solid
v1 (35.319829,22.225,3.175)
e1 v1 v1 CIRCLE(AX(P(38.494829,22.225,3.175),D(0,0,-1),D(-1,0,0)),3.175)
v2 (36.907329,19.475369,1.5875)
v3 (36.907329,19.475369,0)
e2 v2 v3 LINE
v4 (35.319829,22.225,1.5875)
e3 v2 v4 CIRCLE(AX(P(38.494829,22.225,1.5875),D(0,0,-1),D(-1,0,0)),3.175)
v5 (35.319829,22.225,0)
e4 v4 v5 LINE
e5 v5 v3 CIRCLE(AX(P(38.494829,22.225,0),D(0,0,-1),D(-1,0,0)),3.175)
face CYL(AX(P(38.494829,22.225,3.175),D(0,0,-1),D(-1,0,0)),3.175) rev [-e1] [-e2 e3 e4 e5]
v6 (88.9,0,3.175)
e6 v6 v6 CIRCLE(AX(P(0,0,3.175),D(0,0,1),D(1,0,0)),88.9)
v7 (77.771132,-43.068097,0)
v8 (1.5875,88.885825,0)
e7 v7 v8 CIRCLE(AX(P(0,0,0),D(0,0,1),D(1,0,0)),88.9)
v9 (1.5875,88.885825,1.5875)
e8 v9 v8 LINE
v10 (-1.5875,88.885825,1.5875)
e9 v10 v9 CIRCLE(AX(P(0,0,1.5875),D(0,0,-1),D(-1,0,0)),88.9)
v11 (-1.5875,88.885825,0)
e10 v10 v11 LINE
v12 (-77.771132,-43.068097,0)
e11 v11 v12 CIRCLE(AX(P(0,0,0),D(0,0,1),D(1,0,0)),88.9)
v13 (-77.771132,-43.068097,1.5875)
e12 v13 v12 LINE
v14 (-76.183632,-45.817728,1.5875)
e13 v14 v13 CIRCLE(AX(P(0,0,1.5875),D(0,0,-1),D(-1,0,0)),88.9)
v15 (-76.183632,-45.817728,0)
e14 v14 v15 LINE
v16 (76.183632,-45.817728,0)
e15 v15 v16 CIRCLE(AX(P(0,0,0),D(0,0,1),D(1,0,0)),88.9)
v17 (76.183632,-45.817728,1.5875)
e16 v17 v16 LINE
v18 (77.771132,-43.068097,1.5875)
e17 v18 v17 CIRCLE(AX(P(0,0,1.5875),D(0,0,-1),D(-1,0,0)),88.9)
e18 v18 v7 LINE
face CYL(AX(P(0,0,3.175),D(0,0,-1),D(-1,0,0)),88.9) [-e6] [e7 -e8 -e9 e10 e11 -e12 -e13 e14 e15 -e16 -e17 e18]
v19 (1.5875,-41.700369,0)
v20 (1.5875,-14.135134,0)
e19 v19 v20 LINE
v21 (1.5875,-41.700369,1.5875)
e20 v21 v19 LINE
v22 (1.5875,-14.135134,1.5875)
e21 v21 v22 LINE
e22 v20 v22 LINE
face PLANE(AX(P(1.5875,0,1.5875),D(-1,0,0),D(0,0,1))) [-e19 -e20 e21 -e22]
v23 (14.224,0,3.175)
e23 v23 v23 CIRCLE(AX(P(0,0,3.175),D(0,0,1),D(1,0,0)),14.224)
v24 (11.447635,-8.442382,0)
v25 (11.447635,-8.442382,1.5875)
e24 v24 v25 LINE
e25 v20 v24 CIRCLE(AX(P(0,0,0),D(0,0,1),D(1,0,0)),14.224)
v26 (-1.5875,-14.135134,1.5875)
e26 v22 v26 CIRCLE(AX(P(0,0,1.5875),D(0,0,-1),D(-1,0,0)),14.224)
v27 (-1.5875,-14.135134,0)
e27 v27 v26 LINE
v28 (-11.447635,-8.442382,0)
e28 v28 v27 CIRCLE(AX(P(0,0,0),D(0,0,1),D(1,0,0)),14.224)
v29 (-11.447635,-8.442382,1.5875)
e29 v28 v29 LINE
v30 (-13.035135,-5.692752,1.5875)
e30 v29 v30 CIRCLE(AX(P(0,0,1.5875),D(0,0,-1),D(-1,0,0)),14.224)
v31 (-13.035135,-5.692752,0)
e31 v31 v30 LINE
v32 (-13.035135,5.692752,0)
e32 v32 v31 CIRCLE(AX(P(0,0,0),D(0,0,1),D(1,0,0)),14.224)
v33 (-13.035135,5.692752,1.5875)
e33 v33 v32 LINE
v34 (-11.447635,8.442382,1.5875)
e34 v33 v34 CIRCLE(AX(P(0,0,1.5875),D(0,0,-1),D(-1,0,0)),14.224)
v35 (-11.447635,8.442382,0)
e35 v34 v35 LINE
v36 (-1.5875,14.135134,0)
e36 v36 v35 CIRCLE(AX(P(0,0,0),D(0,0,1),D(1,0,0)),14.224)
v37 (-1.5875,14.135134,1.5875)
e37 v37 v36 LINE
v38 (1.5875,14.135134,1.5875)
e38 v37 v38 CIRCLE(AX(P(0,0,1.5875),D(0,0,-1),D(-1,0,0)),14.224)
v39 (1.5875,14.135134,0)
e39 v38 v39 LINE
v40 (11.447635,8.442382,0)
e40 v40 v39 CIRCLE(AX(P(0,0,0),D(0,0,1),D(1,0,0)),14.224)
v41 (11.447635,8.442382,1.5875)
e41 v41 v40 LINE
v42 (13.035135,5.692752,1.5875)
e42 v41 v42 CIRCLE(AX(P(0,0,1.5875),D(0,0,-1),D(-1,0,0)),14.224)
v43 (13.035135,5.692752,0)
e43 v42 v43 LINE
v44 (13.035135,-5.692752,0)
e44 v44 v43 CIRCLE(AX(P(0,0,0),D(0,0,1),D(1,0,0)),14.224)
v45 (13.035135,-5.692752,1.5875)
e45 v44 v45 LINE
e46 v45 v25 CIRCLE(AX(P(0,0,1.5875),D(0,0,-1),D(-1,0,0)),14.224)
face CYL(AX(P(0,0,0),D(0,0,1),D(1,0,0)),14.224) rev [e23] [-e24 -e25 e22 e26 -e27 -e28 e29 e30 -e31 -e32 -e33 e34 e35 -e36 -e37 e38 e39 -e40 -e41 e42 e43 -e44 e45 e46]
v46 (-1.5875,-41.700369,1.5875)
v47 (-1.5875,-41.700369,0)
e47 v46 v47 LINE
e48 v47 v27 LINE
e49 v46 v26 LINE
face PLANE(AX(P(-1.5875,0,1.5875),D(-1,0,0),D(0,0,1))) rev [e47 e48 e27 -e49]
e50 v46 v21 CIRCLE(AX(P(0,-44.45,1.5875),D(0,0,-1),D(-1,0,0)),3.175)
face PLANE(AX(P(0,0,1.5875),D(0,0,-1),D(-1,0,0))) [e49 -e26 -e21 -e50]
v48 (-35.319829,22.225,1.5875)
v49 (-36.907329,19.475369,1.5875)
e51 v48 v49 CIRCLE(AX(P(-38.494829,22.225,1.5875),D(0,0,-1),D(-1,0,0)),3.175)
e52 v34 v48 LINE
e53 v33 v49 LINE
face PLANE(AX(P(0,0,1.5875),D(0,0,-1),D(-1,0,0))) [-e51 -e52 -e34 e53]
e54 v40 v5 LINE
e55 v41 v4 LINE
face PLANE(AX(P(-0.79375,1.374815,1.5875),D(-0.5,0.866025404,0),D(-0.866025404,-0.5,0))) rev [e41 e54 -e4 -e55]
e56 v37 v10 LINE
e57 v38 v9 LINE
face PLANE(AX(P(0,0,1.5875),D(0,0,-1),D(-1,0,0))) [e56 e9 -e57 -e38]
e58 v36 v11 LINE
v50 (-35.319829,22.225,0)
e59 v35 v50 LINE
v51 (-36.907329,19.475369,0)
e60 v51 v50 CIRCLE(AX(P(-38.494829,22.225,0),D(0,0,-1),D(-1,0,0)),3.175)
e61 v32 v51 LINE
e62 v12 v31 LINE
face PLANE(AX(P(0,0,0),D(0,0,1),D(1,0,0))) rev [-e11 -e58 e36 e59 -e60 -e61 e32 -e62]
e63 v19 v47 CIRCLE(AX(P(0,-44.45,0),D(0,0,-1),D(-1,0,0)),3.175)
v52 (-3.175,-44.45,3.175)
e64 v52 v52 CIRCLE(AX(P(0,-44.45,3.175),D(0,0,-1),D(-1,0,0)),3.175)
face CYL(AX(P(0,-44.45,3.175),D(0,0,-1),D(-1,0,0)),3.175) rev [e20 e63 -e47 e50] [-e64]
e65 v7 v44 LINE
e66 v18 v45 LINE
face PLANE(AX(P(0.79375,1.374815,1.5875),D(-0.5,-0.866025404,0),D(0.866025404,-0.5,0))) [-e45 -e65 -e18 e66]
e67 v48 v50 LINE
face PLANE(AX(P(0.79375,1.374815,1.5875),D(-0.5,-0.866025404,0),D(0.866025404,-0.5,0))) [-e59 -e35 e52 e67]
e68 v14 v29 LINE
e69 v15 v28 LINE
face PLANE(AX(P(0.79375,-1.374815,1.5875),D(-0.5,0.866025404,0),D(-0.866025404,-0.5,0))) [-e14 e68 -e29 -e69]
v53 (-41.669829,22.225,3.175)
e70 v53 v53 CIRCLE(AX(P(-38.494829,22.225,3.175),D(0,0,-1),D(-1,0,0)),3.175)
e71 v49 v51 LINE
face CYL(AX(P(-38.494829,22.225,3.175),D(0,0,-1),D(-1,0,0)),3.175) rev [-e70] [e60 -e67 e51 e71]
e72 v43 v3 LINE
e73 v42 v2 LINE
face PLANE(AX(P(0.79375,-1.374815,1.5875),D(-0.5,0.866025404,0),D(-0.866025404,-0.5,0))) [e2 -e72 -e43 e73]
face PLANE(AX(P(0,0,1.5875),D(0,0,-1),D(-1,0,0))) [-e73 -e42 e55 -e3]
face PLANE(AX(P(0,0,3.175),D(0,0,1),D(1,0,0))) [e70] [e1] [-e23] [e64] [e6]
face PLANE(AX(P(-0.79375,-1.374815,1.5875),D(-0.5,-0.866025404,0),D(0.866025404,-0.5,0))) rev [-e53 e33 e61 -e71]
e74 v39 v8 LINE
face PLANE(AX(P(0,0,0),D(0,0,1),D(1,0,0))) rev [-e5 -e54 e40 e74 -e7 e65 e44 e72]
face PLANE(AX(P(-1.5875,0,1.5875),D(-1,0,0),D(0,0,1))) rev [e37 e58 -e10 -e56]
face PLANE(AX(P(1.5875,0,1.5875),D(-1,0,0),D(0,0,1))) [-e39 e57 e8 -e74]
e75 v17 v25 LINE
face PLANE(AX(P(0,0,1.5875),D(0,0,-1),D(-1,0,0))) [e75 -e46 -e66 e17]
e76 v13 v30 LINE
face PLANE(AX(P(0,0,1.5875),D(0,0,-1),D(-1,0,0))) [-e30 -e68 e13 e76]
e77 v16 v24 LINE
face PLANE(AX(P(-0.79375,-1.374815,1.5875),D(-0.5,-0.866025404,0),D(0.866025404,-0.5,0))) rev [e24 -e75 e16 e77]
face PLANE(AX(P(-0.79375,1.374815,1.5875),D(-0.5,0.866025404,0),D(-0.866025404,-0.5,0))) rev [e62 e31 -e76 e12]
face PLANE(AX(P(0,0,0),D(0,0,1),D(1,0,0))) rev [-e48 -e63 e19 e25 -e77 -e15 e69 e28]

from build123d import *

# Parameters (mm, degrees)
SKETCH1_R           = 88.9
BOSS_EXTRUDE1_DEPTH = 3.175
CUT_EXTRUDE3_DEPTH  = 1.5875
SKETCH3_R           = 14.224
CUT_EXTRUDE4_DEPTH  = 126.763669734
SKETCH2_4_R         = 3.175
CUT_EXTRUDE5_DEPTH  = 126.763669734


with BuildPart() as part:
    # Sketch1 → Boss-Extrude1 (new body)
    with BuildSketch(Plane.XY):
        Circle(SKETCH1_R)
    extrude(amount=BOSS_EXTRUDE1_DEPTH)

    # Sketch2 → Cut-Extrude3 (cut)
    with BuildSketch(Plane(origin=(0, 0, 0), x_dir=(-1, 0, 0), z_dir=(0, 0, -1))):
        with BuildLine():
            ThreePointArc((-77.771132281, -43.068097053), (-76.989658396, -44.45), (-76.183632281, -45.81772771))
            Line((-76.183632281, -45.81772771), (-1.5875, -2.749630657))
            Line((-1.5875, -2.749630657), (-1.5875, -41.700369343))
            ThreePointArc((-1.5875, -41.700369343), (0, -41.275), (1.5875, -41.700369343))
            Line((1.5875, -41.700369343), (1.5875, -2.749630657))
            Line((1.5875, -2.749630657), (76.183632281, -45.81772771))
            ThreePointArc((76.183632281, -45.81772771), (76.989658396, -44.45), (77.771132281, -43.068097053))
            Line((77.771132281, -43.068097053), (3.175, 0))
            Line((3.175, 0), (36.907329198, 19.475369343))
            ThreePointArc((36.907329198, 19.475369343), (35.745198541, 20.6375), (35.319829198, 22.225))
            Line((35.319829198, 22.225), (1.5875, 2.749630657))
            Line((1.5875, 2.749630657), (1.5875, 88.885824763))
            ThreePointArc((1.5875, 88.885824763), (0, 88.9), (-1.5875, 88.885824763))
            Line((-1.5875, 88.885824763), (-1.5875, 2.749630657))
            Line((-1.5875, 2.749630657), (-35.319829198, 22.225))
            ThreePointArc((-35.319829198, 22.225), (-35.745198541, 20.6375), (-36.907329198, 19.475369343))
            Line((-36.907329198, 19.475369343), (-3.175, 0))
            Line((-3.175, 0), (-77.771132281, -43.068097053))
        make_face()
    extrude(amount=-CUT_EXTRUDE3_DEPTH, mode=Mode.SUBTRACT)

    # Sketch3 → Cut-Extrude4 (cut, through all)
    with BuildSketch(Plane.XY.offset(3.175)):
        Circle(SKETCH3_R)
    extrude(amount=-CUT_EXTRUDE4_DEPTH, mode=Mode.SUBTRACT)

    # Sketch2<4> → Cut-Extrude5 (cut, through all)
    with BuildSketch(Plane(origin=(0, 0, 0), x_dir=(-1, 0, 0), z_dir=(0, 0, -1))):
        with Locations((0, -44.45)):
            Circle(SKETCH2_4_R)
        with Locations((-38.494829198, 22.225)):
            Circle(SKETCH2_4_R)
        with Locations((38.494829198, 22.225)):
            Circle(SKETCH2_4_R)
    extrude(amount=-CUT_EXTRUDE5_DEPTH, mode=Mode.SUBTRACT)


solid = part.part
